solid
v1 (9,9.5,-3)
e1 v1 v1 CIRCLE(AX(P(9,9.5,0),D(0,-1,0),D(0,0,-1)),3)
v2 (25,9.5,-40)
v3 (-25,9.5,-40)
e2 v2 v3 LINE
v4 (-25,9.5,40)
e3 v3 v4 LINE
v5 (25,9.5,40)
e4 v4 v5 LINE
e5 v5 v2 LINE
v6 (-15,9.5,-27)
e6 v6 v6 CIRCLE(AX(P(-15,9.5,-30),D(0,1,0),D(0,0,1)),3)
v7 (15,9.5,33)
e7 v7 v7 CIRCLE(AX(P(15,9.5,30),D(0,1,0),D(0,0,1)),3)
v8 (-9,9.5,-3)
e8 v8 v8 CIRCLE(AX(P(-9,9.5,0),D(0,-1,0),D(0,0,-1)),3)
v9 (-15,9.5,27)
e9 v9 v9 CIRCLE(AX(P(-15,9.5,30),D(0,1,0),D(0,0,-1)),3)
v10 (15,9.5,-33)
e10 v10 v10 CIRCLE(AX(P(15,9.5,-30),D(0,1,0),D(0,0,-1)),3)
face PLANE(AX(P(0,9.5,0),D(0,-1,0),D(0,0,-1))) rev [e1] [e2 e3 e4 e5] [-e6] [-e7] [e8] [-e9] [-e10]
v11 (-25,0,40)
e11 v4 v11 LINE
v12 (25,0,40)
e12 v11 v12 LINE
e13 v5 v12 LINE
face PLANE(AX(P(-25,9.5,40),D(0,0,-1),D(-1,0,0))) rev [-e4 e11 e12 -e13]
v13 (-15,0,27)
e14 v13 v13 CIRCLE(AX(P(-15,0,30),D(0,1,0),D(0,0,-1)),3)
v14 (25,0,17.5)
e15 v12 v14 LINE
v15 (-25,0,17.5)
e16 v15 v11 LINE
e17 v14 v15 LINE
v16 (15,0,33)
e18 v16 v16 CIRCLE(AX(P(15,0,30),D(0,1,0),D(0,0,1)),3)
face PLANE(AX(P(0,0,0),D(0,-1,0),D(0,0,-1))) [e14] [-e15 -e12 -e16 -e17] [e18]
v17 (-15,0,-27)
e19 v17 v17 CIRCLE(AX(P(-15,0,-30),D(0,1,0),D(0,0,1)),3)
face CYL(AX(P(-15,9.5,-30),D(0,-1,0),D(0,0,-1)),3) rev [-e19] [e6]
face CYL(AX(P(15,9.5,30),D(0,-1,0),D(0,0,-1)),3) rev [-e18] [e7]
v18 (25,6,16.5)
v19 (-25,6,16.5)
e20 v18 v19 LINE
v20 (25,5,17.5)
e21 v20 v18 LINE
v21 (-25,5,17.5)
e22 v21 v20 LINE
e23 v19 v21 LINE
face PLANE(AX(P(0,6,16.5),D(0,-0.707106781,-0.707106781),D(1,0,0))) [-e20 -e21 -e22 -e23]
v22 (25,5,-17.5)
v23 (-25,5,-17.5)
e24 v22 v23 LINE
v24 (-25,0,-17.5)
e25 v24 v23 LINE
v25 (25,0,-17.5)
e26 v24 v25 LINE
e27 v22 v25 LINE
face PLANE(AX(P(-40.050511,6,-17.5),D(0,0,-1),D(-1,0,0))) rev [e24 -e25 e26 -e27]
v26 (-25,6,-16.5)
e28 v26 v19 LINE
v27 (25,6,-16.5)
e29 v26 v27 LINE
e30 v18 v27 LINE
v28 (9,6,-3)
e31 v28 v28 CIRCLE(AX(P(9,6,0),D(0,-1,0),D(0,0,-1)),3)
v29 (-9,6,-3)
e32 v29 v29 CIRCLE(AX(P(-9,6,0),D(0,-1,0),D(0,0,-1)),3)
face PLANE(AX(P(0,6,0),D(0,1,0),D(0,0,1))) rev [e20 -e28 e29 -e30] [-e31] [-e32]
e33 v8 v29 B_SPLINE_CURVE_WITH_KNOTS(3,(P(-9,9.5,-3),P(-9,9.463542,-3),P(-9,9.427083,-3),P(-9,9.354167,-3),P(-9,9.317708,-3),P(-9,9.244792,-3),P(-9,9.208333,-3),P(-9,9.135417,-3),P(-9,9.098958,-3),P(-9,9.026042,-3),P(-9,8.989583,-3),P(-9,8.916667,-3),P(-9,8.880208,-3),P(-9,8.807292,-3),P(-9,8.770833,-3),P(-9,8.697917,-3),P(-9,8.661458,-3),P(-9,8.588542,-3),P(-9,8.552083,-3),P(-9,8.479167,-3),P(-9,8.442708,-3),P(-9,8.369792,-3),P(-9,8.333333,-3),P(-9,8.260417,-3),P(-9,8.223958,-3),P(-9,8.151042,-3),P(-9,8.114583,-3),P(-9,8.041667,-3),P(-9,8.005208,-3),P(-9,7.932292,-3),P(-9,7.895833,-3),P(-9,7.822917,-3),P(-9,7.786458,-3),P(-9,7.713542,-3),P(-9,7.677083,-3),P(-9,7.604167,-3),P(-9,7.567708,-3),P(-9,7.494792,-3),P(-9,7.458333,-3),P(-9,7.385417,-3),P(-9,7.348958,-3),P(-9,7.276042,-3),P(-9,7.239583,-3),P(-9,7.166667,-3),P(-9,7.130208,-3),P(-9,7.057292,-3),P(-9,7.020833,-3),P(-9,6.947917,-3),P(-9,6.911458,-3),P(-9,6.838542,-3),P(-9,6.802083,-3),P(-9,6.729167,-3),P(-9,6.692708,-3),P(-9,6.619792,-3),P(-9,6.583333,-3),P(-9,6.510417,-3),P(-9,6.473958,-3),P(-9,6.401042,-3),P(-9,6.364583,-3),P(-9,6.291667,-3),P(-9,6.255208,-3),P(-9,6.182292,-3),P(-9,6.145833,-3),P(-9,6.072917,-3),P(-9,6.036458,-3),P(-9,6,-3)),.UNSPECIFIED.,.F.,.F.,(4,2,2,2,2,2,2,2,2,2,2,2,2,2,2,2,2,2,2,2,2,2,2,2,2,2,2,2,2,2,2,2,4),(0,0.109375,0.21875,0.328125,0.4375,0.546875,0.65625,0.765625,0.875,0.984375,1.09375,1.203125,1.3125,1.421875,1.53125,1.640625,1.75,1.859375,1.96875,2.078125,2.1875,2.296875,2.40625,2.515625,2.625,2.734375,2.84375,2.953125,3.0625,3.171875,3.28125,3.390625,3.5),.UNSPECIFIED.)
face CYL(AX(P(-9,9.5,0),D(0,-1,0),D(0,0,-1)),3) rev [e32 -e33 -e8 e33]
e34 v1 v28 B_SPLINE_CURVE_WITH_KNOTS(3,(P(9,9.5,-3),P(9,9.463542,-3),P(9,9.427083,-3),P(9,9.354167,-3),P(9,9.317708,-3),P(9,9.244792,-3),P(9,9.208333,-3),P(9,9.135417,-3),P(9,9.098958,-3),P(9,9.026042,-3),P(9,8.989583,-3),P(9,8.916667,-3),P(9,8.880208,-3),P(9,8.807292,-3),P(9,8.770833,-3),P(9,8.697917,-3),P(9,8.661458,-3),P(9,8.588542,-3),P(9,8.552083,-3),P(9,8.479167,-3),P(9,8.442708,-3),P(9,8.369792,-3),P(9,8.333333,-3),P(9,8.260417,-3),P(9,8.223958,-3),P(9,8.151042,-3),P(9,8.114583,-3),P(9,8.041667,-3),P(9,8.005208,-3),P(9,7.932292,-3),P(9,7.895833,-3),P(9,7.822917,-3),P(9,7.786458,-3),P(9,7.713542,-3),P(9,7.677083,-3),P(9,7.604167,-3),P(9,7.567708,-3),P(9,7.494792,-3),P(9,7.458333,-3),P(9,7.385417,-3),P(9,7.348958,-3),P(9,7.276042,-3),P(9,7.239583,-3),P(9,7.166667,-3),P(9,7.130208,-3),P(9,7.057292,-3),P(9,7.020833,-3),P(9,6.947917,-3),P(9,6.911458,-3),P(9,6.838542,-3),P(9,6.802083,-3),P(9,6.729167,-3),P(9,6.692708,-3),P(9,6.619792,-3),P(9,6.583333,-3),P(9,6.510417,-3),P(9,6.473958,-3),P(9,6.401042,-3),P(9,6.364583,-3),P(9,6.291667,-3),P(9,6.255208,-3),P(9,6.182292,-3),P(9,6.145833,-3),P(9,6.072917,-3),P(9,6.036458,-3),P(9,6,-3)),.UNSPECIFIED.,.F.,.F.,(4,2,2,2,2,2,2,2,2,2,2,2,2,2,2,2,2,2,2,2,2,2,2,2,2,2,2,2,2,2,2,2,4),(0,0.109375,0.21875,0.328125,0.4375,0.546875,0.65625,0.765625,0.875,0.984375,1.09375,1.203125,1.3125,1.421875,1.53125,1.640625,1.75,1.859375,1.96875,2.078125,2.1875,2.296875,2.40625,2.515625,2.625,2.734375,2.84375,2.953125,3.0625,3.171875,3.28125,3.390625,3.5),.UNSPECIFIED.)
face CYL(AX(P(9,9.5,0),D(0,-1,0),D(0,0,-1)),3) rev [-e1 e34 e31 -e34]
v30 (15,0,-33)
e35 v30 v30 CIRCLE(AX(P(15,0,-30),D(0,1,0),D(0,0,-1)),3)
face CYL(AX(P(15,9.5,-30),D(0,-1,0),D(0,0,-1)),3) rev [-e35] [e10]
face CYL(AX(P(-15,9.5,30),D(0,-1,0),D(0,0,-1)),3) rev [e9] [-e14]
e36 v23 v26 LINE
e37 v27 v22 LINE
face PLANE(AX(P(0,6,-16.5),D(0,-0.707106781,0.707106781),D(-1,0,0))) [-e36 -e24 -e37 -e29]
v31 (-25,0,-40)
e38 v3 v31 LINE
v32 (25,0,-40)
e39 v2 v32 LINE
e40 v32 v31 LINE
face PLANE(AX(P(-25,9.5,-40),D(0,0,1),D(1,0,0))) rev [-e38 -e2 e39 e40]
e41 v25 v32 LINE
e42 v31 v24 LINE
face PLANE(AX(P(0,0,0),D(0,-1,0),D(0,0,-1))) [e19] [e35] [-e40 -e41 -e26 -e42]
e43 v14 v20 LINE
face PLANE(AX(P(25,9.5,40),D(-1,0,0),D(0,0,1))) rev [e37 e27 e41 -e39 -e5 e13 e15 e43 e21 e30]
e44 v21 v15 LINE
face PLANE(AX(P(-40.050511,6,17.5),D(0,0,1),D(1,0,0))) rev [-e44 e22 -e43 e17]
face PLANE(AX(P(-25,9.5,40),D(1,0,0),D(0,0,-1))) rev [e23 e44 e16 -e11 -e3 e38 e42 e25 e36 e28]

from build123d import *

# Parameters (mm, degrees)
SKETCH1_W           = 50
SKETCH1_H           = 80
SKETCH1_R           = 3
BOSS_EXTRUDE1_DEPTH = 9.5
SKETCH2_W           = 80.10102192
SKETCH2_H           = 35
CUT_EXTRUDE1_DEPTH  = 6
SKETCH3_R           = 3
CUT_EXTRUDE2_DEPTH  = 48.549973712
CHAMFER1_SIZE       = 1


with BuildPart() as part:
    # Sketch1 → Boss-Extrude1 (new body)
    with BuildSketch(Plane(origin=(0, 0, 0), x_dir=(1, 0, 0), z_dir=(0, 1, 0))):
        Rectangle(SKETCH1_W, SKETCH1_H)
        with Locations(Location((-15, 30, 0), (0, 0, 270))):
            Circle(SKETCH1_R, mode=Mode.SUBTRACT)
        with Locations(Location((15, 30, 0), (0, 0, 90))):
            Circle(SKETCH1_R, mode=Mode.SUBTRACT)
        with Locations(Location((-15, -30, 0), (0, 0, 90))):
            Circle(SKETCH1_R, mode=Mode.SUBTRACT)
        with Locations(Location((15, -30, 0), (0, 0, 270))):
            Circle(SKETCH1_R, mode=Mode.SUBTRACT)
    extrude(amount=BOSS_EXTRUDE1_DEPTH)

    # Sketch2 → Cut-Extrude1 (cut)
    with BuildSketch(Plane.XZ):
        Rectangle(SKETCH2_W, SKETCH2_H)
    extrude(amount=-CUT_EXTRUDE1_DEPTH, mode=Mode.SUBTRACT)

    # Sketch3 → Cut-Extrude2 (cut, through all)
    with BuildSketch(Plane.XZ.offset(-6)):
        with Locations(Location((-9, 0, 0), (0, 0, 270))):
            Circle(SKETCH3_R)
        with Locations(Location((9, 0, 0), (0, 0, 270))):
            Circle(SKETCH3_R)
    extrude(amount=-CUT_EXTRUDE2_DEPTH, mode=Mode.SUBTRACT)

    # Chamfer1
    chamfer1_edges = [part.edges().sort_by_distance(p)[0] for p in [
        (0, 6, -17.5),
        (0, 6, 17.5),
    ]]
    chamfer(chamfer1_edges, length=CHAMFER1_SIZE)


solid = part.part
